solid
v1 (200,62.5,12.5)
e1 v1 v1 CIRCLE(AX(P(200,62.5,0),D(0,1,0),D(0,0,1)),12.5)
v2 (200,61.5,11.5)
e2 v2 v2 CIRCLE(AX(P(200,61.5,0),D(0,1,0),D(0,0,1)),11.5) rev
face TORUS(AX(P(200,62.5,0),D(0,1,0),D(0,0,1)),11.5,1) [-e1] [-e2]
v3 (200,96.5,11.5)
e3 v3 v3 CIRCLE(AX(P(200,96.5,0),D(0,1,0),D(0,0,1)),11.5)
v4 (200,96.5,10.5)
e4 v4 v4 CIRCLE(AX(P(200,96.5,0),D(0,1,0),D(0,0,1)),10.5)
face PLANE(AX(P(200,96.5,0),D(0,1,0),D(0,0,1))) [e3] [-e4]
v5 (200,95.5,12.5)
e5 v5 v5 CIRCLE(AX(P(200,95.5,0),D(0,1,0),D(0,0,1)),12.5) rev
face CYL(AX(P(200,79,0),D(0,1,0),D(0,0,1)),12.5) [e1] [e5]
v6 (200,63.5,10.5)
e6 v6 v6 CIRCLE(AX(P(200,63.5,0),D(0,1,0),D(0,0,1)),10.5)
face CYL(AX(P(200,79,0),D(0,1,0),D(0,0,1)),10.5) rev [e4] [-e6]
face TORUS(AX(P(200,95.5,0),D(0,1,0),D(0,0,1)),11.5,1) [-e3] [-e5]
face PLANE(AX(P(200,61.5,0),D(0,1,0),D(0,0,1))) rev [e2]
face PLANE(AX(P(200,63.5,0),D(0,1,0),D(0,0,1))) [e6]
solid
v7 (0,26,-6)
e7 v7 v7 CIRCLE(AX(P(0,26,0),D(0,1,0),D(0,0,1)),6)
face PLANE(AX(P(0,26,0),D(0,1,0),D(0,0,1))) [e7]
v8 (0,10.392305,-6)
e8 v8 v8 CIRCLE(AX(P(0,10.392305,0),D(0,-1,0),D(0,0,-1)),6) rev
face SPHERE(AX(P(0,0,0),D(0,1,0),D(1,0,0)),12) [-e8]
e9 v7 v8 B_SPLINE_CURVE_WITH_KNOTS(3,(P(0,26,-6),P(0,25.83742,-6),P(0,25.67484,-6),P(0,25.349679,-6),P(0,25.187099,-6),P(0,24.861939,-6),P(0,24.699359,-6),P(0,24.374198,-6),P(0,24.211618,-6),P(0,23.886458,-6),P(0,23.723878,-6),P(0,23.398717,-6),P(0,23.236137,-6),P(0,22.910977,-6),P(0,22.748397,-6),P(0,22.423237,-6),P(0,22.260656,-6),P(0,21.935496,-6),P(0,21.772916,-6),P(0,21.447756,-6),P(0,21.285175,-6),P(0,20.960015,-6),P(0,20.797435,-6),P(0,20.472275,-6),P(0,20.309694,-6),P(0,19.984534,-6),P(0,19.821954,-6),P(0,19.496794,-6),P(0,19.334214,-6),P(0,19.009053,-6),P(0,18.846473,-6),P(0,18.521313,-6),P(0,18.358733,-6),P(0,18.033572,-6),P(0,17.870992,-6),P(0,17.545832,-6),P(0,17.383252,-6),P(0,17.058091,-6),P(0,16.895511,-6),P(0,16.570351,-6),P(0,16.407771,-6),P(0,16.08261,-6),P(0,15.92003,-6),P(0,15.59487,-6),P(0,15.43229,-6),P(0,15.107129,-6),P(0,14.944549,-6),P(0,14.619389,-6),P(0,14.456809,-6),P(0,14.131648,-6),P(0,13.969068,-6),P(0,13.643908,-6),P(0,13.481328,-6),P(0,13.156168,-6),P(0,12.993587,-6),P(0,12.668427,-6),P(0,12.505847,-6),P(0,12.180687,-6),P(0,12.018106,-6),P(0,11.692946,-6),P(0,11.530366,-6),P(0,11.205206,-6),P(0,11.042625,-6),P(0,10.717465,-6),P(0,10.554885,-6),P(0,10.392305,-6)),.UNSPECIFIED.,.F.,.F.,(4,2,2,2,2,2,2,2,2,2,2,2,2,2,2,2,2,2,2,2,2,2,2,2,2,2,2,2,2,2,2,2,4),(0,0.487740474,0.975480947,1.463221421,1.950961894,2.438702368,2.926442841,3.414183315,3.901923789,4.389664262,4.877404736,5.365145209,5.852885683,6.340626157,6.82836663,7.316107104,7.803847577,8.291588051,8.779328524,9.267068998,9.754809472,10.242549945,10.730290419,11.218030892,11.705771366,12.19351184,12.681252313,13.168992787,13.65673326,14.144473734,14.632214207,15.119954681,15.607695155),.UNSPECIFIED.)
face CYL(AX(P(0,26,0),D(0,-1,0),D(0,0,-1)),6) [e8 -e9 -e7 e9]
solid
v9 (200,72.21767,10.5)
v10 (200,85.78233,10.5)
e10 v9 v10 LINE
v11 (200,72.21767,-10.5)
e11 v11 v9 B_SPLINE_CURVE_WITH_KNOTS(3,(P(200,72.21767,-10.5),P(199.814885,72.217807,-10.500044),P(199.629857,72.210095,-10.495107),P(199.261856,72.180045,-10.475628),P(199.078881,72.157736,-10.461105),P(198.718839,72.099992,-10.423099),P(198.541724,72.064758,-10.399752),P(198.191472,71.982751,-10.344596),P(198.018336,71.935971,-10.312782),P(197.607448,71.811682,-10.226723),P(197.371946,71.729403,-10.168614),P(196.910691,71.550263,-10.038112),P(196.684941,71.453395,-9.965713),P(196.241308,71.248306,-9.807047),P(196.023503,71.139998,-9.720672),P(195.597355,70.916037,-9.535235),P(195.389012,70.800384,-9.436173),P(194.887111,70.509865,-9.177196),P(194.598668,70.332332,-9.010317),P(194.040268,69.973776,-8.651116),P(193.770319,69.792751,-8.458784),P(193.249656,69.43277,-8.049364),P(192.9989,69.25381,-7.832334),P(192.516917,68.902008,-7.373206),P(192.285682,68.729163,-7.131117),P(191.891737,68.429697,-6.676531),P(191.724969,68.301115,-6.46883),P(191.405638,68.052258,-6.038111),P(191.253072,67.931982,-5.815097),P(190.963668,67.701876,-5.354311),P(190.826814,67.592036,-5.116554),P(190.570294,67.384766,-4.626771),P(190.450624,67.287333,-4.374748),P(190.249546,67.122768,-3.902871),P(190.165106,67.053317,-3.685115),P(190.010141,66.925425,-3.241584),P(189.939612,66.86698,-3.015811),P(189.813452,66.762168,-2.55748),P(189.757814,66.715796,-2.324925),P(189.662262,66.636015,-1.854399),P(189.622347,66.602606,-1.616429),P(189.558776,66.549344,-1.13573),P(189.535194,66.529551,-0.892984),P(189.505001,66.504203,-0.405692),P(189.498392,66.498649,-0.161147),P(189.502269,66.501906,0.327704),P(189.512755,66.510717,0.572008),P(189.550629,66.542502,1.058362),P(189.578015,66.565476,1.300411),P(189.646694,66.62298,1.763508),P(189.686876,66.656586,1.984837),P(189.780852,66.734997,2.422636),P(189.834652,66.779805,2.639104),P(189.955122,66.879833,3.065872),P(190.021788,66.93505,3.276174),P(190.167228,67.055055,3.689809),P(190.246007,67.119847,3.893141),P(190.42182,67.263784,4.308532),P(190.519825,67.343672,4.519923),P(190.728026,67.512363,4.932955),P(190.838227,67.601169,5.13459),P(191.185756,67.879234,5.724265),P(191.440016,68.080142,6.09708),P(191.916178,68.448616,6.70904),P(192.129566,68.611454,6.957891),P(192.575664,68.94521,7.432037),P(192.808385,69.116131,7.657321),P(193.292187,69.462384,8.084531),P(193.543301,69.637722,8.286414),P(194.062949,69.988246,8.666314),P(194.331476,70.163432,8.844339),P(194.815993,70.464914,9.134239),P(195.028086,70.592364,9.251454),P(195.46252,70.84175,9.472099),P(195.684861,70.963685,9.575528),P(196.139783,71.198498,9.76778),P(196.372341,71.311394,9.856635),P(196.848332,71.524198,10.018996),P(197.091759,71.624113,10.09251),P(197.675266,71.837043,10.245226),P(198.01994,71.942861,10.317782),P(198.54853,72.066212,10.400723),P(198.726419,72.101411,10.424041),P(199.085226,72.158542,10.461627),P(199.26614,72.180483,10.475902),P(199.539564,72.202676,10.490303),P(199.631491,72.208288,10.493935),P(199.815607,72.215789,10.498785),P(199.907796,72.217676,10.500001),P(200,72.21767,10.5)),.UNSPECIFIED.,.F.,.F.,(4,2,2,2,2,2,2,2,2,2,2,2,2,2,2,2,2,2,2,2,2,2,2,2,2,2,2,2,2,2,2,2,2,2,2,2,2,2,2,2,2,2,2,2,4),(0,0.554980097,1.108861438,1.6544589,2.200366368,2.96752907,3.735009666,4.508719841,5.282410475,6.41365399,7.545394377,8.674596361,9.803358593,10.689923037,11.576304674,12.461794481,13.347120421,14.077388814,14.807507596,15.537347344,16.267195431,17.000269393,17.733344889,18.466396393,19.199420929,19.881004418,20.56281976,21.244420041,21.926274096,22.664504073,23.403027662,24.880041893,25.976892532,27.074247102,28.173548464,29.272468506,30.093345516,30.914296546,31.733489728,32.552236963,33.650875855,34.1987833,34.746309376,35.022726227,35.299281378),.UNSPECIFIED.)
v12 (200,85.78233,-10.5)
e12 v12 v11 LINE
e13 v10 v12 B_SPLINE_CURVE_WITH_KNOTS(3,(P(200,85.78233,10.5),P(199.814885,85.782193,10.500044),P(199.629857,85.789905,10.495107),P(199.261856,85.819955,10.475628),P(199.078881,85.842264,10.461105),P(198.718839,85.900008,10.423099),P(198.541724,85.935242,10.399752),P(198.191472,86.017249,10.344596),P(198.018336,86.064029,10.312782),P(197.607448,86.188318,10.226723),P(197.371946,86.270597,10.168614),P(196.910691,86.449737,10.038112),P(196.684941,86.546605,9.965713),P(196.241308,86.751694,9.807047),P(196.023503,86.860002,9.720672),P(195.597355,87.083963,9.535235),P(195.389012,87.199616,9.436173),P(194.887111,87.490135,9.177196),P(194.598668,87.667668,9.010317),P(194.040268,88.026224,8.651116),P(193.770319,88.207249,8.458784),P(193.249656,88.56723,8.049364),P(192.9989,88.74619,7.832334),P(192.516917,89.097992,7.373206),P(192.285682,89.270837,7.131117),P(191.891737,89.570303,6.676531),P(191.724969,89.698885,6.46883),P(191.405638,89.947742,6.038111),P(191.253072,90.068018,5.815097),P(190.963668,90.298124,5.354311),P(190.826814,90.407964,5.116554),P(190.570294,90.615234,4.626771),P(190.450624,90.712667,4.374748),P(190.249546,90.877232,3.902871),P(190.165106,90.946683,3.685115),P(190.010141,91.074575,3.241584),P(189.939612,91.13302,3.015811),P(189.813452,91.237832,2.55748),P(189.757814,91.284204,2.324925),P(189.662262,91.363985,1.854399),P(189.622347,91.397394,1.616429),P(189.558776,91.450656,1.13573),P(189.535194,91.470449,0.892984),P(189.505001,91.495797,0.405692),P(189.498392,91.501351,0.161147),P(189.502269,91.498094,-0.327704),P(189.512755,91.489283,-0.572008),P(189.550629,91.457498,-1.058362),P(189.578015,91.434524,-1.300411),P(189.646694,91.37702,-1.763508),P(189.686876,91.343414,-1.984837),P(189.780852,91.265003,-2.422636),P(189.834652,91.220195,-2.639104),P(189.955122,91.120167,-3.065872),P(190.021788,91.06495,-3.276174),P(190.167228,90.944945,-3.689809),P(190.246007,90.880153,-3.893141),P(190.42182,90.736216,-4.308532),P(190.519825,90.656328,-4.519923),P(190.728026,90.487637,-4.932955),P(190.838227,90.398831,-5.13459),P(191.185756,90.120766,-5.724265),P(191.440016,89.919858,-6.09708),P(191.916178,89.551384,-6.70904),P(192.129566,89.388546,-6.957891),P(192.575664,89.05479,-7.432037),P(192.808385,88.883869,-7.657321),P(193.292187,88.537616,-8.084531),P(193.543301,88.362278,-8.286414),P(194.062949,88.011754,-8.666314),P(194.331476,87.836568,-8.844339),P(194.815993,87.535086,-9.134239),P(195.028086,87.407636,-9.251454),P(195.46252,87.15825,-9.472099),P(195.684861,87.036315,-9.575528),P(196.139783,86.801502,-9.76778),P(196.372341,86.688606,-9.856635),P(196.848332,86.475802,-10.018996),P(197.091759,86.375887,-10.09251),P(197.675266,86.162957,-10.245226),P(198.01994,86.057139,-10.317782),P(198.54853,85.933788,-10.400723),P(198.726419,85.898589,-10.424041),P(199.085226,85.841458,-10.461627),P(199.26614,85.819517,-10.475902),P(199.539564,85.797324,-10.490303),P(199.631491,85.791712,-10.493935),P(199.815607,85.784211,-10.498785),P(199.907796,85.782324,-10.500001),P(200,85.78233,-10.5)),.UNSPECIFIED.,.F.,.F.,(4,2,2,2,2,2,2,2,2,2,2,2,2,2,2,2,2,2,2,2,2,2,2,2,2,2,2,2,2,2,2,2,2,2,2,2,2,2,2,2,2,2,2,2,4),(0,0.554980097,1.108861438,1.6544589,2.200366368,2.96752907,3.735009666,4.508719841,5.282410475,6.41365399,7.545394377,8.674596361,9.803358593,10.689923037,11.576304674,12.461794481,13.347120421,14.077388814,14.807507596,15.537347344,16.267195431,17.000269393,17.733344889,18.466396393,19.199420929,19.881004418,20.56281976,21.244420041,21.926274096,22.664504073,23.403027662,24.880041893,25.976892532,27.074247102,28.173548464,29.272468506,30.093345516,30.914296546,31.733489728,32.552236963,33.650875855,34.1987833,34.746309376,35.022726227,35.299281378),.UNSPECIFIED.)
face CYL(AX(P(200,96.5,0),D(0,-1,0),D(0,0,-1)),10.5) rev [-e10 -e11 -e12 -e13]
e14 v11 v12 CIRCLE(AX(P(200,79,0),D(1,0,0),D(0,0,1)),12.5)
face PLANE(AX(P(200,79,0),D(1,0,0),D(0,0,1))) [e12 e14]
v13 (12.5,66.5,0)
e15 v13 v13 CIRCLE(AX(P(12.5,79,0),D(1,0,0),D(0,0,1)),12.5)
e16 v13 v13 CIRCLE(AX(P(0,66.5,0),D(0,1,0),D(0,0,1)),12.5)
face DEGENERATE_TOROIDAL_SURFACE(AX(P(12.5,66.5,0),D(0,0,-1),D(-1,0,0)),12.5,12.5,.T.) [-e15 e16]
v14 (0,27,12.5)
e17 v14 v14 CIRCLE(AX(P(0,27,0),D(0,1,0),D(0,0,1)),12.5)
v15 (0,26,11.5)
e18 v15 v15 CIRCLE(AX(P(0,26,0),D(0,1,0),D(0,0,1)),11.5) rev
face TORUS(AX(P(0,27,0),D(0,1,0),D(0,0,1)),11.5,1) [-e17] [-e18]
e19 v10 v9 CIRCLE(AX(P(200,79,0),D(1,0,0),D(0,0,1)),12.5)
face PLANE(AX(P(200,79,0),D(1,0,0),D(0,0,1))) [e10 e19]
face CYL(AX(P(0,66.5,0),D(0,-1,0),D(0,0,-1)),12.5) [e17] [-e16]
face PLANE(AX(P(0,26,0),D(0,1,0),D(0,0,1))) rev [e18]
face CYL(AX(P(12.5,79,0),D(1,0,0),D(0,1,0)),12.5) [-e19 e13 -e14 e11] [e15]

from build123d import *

# Parameters (mm, degrees)
SKETCH_2_R          = 6
EXTRUDE_1_DEPTH     = 26
SKETCH_3_R          = 12.5
SKETCH_6_R          = 12.5
SHELL_1_T           = -2
SKETCH_7_R          = 10.5
CUT_EXTRUDE_1_DEPTH = 226.860023029
FILLET_1_R          = 1
FILLET_2_R          = 1


with BuildPart() as part:
    # 草圖1 → 旋轉1 (revolve)
    with BuildSketch(Plane.XY):
        with BuildLine():
            Line((0, 12), (0, -12))
            ThreePointArc((0, -12), (12, 0), (0, 12))
        make_face()
    revolve(axis=Axis((0, 12, 0), (0, -1, 0)))

    # 草圖2 → 填料-伸長1 (add)
    with BuildSketch(Plane(origin=(0, 0, 0), x_dir=(1, 0, 0), z_dir=(0, 1, 0))):
        with Locations(Location((0, 0, 0), (0, 0, 90))):
            Circle(SKETCH_2_R)
    extrude(amount=EXTRUDE_1_DEPTH)


with BuildPart() as body_2:
    # 掃出1: sweep along a path in 草圖4
    with BuildLine(Plane.XY) as sweep_1_path:
        Line((0, 26), (0, 66.5))
        ThreePointArc((0, 66.5), (3.661165235, 75.338834765), (12.5, 79))
        Line((12.5, 79), (200, 79))
    # 草圖3 → 掃出1 (sweep)
    with BuildSketch(Plane(origin=(0, 26, 0), x_dir=(1, 0, 0), z_dir=(0, 1, 0))):
        Circle(SKETCH_3_R)
    sweep(path=sweep_1_path.line)

    # 草圖7 → 除料-伸長1 (cut, through all)
    with BuildSketch(Plane(origin=(0, 63.5, 0), x_dir=(1, 0, 0), z_dir=(0, 1, 0))):
        with Locations(Location((200, 0, 0), (0, 0, 270))):
            Circle(SKETCH_7_R)
    extrude(amount=CUT_EXTRUDE_1_DEPTH, mode=Mode.SUBTRACT)

    # 圓角1
    fillet_1_edges = [body_2.edges().sort_by_distance(p)[0] for p in [
        (-12.5, 26, 0),
    ]]
    fillet(fillet_1_edges, radius=FILLET_1_R)


with BuildPart() as body_3:
    # 掃出2: sweep along a path in 草圖5
    with BuildLine(Plane.XY) as sweep_2_path:
        Line((200, 61.5), (200, 79))
        Line((200, 79), (200, 96.5))
    # 草圖6 → 掃出2 (sweep)
    with BuildSketch(Plane(origin=(0, 96.5, 0), x_dir=(1, 0, 0), z_dir=(0, 1, 0))):
        with Locations((200, 0)):
            Circle(SKETCH_6_R)
    sweep(path=sweep_2_path.line)

    # 薄殼1
    shell_1_openings = [body_3.faces().sort_by_distance(p)[0] for p in [
        (200, 96.5, 0),
    ]]
    offset(amount=SHELL_1_T, openings=shell_1_openings, kind=Kind.INTERSECTION)

    # 圓角2
    fillet_2_edges = [body_3.edges().sort_by_distance(p)[0] for p in [
        (187.5, 96.5, 0),
        (187.5, 61.5, 0),
    ]]
    fillet(fillet_2_edges, radius=FILLET_2_R)


solid = Compound([part.part, body_2.part, body_3.part])
